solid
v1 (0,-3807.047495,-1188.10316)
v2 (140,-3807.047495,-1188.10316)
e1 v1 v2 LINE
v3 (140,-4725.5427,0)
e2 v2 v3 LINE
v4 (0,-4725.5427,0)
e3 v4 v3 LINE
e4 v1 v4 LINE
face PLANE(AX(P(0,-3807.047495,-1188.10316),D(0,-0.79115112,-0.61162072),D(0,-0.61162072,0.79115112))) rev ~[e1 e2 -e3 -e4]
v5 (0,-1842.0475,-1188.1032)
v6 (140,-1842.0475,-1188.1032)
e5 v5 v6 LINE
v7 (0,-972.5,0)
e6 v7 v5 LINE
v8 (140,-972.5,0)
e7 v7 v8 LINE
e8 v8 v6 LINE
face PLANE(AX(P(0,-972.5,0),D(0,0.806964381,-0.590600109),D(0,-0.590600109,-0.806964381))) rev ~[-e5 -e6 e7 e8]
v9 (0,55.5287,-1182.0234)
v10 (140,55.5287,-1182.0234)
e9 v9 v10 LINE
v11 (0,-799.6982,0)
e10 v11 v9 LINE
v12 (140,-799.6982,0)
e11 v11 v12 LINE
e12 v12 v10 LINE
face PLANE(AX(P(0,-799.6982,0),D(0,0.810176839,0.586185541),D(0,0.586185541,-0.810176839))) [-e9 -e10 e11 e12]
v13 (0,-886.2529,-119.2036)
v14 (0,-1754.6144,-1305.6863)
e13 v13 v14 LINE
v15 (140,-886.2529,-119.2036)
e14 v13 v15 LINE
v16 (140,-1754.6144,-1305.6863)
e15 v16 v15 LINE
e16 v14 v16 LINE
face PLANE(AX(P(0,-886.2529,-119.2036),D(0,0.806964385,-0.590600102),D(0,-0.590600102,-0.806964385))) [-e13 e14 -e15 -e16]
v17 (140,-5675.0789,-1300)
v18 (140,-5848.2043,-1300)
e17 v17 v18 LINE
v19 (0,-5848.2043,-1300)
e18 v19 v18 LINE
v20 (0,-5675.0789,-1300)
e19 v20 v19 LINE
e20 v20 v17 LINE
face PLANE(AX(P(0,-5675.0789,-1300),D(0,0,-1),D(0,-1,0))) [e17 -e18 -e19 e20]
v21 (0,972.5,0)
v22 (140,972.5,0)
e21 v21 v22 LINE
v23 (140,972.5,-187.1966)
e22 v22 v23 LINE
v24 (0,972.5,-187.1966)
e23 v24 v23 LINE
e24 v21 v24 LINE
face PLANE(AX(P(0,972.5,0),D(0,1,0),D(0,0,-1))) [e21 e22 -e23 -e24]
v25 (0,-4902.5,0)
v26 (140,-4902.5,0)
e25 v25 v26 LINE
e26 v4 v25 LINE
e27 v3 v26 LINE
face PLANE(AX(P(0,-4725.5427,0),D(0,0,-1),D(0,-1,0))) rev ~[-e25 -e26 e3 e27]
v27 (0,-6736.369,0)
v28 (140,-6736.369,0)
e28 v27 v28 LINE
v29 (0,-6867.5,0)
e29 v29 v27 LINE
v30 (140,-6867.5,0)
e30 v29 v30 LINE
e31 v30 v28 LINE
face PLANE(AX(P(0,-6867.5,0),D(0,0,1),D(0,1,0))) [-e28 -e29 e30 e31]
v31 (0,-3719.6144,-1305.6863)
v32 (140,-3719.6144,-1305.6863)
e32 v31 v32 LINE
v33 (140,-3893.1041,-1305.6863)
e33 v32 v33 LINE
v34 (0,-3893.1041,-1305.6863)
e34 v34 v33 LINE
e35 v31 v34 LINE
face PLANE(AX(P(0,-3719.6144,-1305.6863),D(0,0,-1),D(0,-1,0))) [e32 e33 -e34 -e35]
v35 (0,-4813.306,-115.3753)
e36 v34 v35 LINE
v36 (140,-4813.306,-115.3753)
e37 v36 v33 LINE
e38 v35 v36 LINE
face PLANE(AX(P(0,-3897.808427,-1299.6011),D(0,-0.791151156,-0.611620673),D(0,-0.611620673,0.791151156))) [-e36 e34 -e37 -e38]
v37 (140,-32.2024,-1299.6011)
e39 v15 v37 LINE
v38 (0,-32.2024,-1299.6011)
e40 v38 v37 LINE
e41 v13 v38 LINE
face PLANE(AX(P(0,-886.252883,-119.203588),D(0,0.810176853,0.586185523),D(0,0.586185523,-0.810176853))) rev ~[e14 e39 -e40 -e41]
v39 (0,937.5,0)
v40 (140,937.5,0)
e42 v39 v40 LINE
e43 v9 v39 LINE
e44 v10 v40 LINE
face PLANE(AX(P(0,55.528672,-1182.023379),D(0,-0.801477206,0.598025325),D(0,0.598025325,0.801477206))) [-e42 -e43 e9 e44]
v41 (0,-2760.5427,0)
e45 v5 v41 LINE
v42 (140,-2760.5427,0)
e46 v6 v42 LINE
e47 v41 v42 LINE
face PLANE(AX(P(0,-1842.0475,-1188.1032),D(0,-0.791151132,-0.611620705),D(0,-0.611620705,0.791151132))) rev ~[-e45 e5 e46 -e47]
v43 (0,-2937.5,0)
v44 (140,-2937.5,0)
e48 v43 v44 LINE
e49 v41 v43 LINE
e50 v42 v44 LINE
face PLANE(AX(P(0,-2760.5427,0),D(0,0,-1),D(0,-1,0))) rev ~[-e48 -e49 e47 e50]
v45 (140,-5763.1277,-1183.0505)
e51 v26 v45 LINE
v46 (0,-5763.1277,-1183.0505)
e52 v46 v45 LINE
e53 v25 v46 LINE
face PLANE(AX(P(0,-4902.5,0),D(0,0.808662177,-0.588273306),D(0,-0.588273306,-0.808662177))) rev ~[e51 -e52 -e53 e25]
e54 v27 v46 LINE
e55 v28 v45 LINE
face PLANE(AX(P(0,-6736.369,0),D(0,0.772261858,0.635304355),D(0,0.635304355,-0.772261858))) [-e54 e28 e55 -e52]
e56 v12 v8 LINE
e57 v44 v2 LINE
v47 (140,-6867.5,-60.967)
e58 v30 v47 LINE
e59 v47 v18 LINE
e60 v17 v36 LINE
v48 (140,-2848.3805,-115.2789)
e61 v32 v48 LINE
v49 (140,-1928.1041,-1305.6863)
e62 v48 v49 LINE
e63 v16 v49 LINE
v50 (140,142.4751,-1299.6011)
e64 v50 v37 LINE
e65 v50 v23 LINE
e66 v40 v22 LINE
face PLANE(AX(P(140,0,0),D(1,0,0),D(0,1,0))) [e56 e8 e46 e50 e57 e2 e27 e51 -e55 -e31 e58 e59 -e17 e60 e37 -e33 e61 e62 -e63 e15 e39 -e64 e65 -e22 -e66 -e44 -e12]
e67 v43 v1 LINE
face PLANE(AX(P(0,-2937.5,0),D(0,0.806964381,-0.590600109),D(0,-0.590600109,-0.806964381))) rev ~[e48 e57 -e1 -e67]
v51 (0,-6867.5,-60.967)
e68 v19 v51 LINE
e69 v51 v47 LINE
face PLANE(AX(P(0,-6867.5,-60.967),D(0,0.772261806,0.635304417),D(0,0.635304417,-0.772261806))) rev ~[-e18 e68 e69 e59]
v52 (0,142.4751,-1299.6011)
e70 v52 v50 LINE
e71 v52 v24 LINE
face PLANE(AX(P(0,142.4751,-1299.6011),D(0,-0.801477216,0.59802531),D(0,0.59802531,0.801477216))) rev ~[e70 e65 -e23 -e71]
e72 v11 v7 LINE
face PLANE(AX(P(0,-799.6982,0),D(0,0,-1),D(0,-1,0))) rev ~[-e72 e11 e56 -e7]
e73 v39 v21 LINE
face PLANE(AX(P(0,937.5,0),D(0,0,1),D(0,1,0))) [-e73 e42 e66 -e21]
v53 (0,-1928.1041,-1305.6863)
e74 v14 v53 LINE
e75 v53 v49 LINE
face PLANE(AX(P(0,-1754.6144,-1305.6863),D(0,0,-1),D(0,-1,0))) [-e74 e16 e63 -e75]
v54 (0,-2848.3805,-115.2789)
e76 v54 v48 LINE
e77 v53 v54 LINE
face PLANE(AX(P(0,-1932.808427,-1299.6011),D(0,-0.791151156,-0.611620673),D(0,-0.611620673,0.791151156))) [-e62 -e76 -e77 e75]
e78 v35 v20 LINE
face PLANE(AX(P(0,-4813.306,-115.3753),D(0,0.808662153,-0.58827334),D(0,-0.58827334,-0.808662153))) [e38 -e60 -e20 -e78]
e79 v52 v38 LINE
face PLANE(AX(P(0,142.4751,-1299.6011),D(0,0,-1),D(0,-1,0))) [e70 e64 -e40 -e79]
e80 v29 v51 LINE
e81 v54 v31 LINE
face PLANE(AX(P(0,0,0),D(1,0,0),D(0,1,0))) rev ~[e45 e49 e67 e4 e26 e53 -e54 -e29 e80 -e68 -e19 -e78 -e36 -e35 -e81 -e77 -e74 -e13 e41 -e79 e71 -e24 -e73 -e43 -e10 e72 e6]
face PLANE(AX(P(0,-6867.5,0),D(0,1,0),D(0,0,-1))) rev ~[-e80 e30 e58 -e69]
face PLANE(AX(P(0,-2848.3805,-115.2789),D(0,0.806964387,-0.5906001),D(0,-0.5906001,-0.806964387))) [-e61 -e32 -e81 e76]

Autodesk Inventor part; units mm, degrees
ref_plane "YZ Plane" through (0, 0, 0) normal (1, 0, 0) x (0, 1, 0)
ref_plane "XZ Plane" through (0, 0, 0) normal (0, 1, 0) x (-1, 0, 0)
ref_plane "XY Plane" through (0, 0, 0) normal (0, 0, 1) x (1, 0, 0)
sketch "Sketch1" plane through (0, 0, 0) normal (1, 0, 0) x (0, 1, 0)
  line L0 (937.5, 0) -> (972.5, 0)
  line L1 (142.4751, -1299.6011) -> (-32.2024, -1299.6011)
  line L2 (-799.6982, 0) -> (-972.5, 0)
  line L3 (-972.5, 0) -> (-32.2024, -1299.6011)
  line L4 (-799.6982, 0) -> (55.5287, -1182.0234)
  line L5 (-2760.5427, 0) -> (-2937.5, 0)
  line L6 (-972.5, 0) -> (-1928.1041, -1305.6863)
  line L7 (-886.2529, -119.2036) -> (-1754.6144, -1305.6863)
  line L8 (-1754.6144, -1305.6863) -> (-1928.1041, -1305.6863)
  line L9 (-1928.1041, -1305.6863) -> (-2937.5, 0)
  line L10 (-1842.0475, -1188.1032) -> (-2760.5427, 0)
  line L11 (-2937.5, 0) -> (-3893.1041, -1305.6863)
  line L12 (-2848.3805, -115.2789) -> (-3719.6144, -1305.6863)
  line L13 (-3893.1041, -1305.6863) -> (-4902.5, 0)
  line L14 (-3717.928, -1303.3821) -> (-4725.5427, 0)
  line L15 (-4902.5, 0) -> (-5848.2043, -1300)
  line L16 (-4813.306, -115.3753) -> (-5675.0789, -1300)
  line L17 (-3719.6144, -1305.6863) -> (-3893.1041, -1305.6863)
  line L18 (-5675.0789, -1300) -> (-5848.2043, -1300)
  line L19 (142.4751, -1299.6011) -> (972.5, -187.1966)
  line L20 (-32.2024, -1299.6011) -> (937.5, 0)
  line L21 (972.5, 0) -> (972.5, -187.1966)
  line L22 (-6867.5, 0) -> (-6736.369, 0)
  line L23 (-6867.5, -60.967) -> (-5848.2043, -1300)
  line L24 (-6736.369, 0) -> (-5763.1277, -1183.0505)
  line L25 (-6867.5, 0) -> (-6867.5, -60.967)
  line L26 (-4725.5427, 0) -> (-4902.5, 0)
  line L27 (142.4751, -1299.6011) -> (-6414.4595, -1299.6011)
  line L28 (-4902.5, 0) -> (-4052.5, 0) construction
  point P0 (0, 0)
  point P1 (-3807.0475, -1188.1032)
  point P2 (-5806.9041, -1243.2271)
  dimension "d0" = 972.5
  dimension "d1" = 1300
  dimension "d5" = 972.5
  dimension "d6" = 140
  dimension "d7" = 1965
  dimension "d8" = 140
  dimension "d9" = 140
  dimension "d10" = 1965
  dimension "d11" = 140
  dimension "d12" = 140
  dimension "d13" = 1965
  dimension "d14" = 140
  dimension "d24" = 35
  dimension "d27" = 140
  dimension "d32" = 140
extrude "Extrusion2" add sketch "Sketch1" along normal blind 140 contours L0 L21 L19 L1 L20 | L20 L3 L2 L4 | L3 L7 L27 L6 | L7 L8 L6 L27 | L6 L27 L9 L5 L10 | L6 L9 L27 | L9 L12 L27 L14 L11 | L12 L14 L27 | L14 L27 L11 | L11 L27 L13 L26 L14 | L12 L17 L11 L27 L14 | L11 L13 L27 | L13 L16 L27 L15 | L16 L18 L15 L27 | L15 L27 L23 L25 L22 L24 | L15 L23 L27
properties part number "Truss Structure" material "Stainless Steel"
